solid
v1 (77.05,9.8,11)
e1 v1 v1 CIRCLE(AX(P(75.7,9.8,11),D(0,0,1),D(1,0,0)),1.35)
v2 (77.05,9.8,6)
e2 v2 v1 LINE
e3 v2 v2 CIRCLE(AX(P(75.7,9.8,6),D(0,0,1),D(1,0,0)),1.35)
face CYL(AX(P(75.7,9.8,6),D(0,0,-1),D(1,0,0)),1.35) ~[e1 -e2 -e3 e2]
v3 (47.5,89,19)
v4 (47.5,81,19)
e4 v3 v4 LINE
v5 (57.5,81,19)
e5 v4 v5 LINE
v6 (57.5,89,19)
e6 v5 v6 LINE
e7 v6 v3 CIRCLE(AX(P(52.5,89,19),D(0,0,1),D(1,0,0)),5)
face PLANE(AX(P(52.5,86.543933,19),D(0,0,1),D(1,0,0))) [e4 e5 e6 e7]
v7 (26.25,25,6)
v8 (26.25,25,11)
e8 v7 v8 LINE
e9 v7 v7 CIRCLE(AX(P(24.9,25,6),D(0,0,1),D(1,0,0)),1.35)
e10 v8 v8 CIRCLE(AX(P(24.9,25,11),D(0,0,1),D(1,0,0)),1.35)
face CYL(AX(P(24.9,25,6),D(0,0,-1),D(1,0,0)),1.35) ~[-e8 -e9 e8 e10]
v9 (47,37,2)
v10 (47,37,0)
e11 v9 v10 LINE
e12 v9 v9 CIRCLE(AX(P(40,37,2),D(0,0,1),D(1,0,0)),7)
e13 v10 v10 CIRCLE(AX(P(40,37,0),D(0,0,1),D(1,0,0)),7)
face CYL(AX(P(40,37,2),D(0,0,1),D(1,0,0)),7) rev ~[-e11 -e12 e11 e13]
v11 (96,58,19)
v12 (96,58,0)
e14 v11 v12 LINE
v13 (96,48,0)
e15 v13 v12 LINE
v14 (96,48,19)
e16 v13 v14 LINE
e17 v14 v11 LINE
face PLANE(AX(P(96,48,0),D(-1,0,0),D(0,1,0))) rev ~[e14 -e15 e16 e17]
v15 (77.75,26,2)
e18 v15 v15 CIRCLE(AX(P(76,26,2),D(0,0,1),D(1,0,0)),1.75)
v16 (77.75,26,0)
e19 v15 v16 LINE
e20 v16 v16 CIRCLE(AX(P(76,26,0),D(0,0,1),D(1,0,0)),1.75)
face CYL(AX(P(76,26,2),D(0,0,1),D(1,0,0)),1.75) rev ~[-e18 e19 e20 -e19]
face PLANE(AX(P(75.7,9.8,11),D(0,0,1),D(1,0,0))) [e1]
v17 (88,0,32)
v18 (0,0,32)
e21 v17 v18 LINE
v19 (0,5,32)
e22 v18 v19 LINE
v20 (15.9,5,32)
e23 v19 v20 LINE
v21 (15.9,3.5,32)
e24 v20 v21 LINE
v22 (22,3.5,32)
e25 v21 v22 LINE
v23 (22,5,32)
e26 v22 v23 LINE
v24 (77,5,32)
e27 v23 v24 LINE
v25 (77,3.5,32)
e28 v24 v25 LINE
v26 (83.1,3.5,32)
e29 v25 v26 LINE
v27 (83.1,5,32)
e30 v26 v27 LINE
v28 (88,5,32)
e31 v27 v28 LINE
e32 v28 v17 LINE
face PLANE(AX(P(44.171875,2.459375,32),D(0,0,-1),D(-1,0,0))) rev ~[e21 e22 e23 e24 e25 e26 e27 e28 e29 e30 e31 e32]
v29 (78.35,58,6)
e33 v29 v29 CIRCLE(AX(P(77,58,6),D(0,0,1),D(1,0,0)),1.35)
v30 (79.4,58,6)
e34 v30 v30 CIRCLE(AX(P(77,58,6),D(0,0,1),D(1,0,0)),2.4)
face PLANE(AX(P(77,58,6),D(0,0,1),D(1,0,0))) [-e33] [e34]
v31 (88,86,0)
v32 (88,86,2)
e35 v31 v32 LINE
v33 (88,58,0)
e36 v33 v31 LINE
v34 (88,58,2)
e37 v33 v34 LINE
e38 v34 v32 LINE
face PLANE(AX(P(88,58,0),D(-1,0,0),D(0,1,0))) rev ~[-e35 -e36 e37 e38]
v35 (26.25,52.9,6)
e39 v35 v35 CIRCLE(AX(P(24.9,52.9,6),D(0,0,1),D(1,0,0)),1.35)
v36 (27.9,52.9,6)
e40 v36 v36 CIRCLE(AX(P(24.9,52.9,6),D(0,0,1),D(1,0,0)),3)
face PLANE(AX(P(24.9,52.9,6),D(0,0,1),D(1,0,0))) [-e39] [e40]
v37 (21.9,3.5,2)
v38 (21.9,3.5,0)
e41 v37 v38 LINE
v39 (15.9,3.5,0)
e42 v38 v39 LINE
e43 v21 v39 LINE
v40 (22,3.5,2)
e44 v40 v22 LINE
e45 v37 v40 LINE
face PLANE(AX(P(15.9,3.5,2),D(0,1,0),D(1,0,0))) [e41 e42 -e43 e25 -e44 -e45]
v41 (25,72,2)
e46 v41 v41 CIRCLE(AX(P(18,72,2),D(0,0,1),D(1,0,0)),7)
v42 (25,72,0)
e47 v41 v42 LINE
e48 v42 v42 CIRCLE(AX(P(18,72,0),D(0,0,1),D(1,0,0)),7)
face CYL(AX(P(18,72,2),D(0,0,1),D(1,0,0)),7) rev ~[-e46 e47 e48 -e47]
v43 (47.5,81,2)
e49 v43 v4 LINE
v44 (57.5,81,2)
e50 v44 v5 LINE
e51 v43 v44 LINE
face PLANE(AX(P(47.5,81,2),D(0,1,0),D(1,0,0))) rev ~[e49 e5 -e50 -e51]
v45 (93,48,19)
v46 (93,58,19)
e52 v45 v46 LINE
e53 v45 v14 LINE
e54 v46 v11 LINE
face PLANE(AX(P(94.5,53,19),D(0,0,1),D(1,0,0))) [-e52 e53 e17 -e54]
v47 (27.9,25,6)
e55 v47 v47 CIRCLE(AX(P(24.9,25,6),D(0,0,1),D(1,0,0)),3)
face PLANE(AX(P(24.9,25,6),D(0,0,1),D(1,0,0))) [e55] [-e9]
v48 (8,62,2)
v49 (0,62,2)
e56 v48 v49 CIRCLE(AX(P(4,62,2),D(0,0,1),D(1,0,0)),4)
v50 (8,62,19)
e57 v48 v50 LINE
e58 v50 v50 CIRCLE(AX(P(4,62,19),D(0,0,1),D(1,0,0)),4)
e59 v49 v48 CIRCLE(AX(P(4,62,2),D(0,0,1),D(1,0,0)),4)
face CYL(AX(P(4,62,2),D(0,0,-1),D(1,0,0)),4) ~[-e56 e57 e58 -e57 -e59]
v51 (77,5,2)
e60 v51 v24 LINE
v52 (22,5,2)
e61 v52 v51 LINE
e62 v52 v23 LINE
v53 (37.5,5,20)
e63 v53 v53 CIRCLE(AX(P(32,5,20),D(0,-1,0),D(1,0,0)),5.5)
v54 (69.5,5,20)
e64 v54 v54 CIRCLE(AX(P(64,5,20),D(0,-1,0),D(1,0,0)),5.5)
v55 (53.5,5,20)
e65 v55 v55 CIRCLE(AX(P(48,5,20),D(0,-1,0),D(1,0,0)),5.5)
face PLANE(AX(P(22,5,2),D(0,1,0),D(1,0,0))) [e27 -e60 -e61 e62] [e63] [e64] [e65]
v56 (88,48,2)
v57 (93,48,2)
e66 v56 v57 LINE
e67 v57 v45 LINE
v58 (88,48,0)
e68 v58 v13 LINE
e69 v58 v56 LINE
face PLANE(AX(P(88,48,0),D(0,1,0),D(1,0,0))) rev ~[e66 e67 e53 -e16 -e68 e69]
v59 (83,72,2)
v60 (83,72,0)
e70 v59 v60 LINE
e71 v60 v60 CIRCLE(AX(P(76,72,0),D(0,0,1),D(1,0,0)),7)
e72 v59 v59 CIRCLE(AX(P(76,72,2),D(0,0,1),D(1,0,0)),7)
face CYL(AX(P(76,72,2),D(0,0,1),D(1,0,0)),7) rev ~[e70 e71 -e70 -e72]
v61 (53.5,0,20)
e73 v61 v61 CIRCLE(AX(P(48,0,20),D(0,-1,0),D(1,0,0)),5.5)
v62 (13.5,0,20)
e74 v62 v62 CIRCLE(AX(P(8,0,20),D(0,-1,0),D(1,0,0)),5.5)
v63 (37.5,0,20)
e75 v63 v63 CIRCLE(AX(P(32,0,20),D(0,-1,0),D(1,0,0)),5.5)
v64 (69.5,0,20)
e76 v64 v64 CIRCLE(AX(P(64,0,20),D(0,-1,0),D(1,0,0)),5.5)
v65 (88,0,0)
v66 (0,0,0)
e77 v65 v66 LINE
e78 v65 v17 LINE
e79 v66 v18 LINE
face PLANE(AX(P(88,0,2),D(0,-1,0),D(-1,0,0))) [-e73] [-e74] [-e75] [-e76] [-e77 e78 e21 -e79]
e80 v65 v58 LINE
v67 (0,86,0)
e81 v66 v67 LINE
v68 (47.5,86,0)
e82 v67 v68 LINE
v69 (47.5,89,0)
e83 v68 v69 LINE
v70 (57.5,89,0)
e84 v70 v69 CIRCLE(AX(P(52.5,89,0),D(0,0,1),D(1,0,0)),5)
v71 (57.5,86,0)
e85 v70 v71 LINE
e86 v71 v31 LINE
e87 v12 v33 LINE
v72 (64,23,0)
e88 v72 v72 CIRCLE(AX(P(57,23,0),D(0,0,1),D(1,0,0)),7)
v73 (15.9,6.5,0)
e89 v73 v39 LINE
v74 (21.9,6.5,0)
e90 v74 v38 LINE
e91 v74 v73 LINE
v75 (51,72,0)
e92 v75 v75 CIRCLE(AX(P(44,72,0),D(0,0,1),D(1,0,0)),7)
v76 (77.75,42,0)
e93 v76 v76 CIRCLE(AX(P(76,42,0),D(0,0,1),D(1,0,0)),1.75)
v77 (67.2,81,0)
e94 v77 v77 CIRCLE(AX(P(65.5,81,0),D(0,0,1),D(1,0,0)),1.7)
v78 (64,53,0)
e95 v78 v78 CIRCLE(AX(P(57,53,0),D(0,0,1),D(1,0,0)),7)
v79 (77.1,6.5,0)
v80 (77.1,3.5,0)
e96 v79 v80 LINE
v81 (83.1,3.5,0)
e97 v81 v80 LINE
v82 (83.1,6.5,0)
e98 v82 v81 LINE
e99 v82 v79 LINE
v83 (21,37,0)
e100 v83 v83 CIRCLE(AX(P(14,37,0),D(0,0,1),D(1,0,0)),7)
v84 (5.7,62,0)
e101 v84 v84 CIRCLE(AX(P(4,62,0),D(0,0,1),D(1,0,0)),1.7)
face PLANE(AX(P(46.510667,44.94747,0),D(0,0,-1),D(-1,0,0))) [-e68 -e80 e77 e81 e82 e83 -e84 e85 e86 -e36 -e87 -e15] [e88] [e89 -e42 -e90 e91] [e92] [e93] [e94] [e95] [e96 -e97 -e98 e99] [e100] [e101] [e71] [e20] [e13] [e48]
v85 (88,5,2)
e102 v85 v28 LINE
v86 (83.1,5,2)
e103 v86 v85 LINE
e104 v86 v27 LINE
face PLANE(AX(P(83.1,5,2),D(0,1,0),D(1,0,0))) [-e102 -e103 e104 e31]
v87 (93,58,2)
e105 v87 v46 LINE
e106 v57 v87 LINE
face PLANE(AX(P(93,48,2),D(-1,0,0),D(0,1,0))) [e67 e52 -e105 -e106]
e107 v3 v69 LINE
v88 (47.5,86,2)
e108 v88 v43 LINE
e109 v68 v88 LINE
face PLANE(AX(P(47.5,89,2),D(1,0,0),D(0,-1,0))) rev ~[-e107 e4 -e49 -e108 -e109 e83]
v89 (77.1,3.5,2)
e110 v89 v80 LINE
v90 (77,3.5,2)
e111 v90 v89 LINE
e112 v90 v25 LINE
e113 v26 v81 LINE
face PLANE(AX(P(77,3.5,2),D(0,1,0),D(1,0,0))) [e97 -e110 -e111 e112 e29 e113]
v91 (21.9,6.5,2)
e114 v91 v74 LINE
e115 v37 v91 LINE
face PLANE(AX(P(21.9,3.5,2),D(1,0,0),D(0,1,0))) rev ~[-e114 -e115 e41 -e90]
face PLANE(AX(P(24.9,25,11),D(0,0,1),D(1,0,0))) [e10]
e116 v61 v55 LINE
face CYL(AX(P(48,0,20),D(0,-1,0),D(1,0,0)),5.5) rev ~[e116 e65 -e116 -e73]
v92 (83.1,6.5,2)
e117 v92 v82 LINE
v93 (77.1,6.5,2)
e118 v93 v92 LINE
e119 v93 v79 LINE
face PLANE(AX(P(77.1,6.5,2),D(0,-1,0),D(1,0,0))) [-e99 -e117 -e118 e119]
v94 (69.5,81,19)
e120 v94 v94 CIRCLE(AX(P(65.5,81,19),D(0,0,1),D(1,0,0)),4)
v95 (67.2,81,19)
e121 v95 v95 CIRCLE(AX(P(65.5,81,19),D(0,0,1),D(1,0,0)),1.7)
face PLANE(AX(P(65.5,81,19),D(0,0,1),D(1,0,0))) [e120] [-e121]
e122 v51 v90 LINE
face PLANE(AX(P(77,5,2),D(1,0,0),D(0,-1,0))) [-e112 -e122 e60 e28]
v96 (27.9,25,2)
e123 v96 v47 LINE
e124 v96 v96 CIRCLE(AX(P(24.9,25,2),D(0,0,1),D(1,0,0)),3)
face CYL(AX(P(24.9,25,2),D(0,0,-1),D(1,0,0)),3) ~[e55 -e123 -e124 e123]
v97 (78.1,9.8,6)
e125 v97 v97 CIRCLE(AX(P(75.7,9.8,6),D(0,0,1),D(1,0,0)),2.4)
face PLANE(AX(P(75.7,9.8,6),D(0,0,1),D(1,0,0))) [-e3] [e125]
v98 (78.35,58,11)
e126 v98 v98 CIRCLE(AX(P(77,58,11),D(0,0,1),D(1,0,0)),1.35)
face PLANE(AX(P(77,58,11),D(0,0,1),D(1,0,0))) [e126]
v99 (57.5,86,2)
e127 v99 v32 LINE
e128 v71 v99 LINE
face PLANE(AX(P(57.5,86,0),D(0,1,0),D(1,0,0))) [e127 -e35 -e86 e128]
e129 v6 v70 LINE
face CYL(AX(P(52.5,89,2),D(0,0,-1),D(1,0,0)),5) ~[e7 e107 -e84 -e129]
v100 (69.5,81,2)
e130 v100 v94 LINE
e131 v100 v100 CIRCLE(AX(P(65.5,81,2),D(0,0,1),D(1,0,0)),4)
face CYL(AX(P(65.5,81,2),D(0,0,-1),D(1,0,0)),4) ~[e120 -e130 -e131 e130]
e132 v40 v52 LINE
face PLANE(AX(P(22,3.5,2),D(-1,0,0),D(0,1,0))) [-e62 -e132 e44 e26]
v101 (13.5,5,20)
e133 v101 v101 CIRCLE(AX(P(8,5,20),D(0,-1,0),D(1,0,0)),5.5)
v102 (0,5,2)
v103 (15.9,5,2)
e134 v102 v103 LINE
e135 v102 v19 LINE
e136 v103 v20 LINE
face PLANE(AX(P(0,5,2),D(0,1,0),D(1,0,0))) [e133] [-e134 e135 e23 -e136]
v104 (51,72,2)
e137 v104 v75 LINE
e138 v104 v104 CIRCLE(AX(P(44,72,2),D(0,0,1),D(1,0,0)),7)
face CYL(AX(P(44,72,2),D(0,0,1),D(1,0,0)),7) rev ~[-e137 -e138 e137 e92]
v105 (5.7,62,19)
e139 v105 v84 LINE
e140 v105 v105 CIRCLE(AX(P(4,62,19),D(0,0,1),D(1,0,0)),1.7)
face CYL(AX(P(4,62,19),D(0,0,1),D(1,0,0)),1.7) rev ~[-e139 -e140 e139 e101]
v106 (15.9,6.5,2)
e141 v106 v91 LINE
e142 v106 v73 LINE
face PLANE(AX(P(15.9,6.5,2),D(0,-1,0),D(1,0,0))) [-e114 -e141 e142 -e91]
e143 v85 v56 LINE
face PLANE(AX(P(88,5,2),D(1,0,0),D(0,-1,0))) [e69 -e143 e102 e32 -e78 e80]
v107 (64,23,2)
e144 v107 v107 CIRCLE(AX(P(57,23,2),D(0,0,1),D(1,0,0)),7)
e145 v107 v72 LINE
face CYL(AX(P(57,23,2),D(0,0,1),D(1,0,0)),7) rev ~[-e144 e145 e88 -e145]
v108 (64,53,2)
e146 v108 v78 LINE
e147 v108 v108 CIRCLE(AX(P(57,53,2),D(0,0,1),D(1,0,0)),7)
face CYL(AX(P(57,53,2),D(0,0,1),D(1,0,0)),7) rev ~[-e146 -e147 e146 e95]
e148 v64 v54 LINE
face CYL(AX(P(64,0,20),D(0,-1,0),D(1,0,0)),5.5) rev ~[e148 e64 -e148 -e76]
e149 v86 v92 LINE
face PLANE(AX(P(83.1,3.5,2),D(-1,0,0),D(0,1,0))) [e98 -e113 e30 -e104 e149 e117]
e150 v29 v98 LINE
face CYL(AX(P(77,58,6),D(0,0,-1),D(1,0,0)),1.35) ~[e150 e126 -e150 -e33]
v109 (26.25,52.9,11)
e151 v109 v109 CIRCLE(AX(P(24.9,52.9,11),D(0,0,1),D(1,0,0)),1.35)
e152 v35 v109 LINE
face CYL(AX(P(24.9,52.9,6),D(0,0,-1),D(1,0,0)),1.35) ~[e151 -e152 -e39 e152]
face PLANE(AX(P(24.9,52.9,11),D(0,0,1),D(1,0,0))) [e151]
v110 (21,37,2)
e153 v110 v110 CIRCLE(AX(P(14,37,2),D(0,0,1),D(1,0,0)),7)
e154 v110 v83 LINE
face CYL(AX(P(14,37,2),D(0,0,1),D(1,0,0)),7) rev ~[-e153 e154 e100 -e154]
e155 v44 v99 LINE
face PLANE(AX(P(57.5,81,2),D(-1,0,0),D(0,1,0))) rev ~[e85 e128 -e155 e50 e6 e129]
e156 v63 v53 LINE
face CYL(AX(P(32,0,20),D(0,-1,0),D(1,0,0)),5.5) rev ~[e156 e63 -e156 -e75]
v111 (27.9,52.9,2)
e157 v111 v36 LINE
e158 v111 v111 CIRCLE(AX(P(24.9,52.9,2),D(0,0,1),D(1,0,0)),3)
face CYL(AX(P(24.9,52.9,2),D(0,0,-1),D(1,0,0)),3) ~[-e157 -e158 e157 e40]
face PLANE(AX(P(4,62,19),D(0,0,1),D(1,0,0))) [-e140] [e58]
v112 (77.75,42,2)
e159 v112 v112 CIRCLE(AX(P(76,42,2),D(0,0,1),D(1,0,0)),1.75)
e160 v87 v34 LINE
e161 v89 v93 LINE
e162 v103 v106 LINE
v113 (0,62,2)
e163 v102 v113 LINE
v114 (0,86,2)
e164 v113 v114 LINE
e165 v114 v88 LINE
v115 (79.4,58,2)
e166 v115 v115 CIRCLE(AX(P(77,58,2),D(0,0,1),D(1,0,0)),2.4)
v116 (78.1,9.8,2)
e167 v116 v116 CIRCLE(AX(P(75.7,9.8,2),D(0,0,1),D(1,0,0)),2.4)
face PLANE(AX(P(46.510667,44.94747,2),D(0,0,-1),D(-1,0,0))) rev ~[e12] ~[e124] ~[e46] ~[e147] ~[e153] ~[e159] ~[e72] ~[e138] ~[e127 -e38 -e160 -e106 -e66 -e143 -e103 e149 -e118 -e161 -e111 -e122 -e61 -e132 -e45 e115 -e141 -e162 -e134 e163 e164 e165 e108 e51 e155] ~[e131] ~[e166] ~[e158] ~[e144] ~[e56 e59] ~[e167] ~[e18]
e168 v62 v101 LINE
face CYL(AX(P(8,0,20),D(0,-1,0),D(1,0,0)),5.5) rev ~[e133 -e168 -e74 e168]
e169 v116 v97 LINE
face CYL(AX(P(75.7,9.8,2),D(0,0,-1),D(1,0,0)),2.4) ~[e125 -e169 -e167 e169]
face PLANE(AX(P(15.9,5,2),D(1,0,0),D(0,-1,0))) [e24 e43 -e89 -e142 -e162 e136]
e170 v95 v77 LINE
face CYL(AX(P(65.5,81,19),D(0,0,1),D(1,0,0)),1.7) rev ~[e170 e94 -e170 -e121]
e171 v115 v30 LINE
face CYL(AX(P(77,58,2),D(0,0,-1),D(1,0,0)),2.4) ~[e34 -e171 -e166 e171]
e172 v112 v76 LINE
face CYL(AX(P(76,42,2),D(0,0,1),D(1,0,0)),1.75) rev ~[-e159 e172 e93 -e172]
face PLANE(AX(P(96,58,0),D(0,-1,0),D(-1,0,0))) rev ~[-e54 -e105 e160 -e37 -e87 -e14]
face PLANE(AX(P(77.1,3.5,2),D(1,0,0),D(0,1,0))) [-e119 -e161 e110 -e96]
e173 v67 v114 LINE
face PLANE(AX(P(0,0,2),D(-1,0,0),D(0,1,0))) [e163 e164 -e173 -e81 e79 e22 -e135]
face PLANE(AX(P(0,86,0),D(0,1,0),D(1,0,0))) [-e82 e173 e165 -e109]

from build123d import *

# Parameters (mm, degrees)
PAD_DEPTH       = 2
SKETCH003_R     = 1.75
SKETCH003_R_2   = 7
SKETCH003_W     = 6
SKETCH003_H     = 3
POCKET_DEPTH    = 5
SKETCH001_R     = 4
SKETCH001_W     = 3
SKETCH001_H     = 10
PAD001_DEPTH    = 17
SKETCH007_R     = 2.4
SKETCH007_R_2   = 3
PAD002_DEPTH    = 4
PAD003_DEPTH    = 30
SKETCH008_R     = 1.35
PAD004_DEPTH    = 5
SKETCH004_R     = 1.7
POCKET001_DEPTH = 19
SKETCH006_R     = 5.5
POCKET002_DEPTH = 5


with BuildPart() as part:
    # Sketch → Pad (new body)
    with BuildSketch(Plane.XY):
        with BuildLine():
            Line((0, 0), (0, 86))
            Line((0, 86), (47.5, 86))
            Line((47.5, 86), (47.5, 89))
            ThreePointArc((57.5, 89), (52.5, 94), (47.5, 89))
            Line((57.5, 89), (57.5, 86))
            Line((57.5, 86), (88, 86))
            Line((88, 58), (88, 86))
            Line((96, 58), (88, 58))
            Line((96, 48), (96, 58))
            Line((88, 48), (96, 48))
            Line((88, 0), (88, 48))
            Line((88, 0), (0, 0))
        make_face()
    extrude(amount=PAD_DEPTH)

    # Sketch003 → Pocket (cut)
    with BuildSketch(Plane.XY.offset(2)):
        with Locations((76, 42)):
            Circle(SKETCH003_R)
        with Locations((76, 26)):
            Circle(SKETCH003_R)
        with Locations((14, 37)):
            Circle(SKETCH003_R_2)
        with Locations((40, 37)):
            Circle(SKETCH003_R_2)
        with Locations((76, 72)):
            Circle(SKETCH003_R_2)
        with Locations((44, 72)):
            Circle(SKETCH003_R_2)
        with Locations((18, 72)):
            Circle(SKETCH003_R_2)
        with Locations((57, 53)):
            Circle(SKETCH003_R_2)
        with Locations((57, 23)):
            Circle(SKETCH003_R_2)
        with Locations((80.1, 5)):
            Rectangle(SKETCH003_W, SKETCH003_H)
        with Locations((18.9, 5)):
            Rectangle(SKETCH003_W, SKETCH003_H)
    extrude(amount=-POCKET_DEPTH, mode=Mode.SUBTRACT)

    # Sketch001 → Pad001 (new body)
    with BuildSketch(Plane.XY.offset(2)):
        with BuildLine():
            Line((47.5, 89), (47.5, 81))
            Line((47.5, 81), (57.5, 81))
            Line((57.5, 81), (57.5, 89))
            ThreePointArc((57.5, 89), (52.5, 94), (47.5, 89))
        make_face()
        with Locations((4, 62)):
            Circle(SKETCH001_R)
        with Locations((94.5, 53)):
            Rectangle(SKETCH001_W, SKETCH001_H)
        with Locations((65.5, 81)):
            Circle(SKETCH001_R)
    extrude(amount=PAD001_DEPTH)

    # Sketch007 → Pad002 (new body)
    with BuildSketch(Plane.XY.offset(2)):
        with Locations((77, 58)):
            Circle(SKETCH007_R)
        with Locations((24.9, 52.9)):
            Circle(SKETCH007_R_2)
        with Locations((24.9, 25)):
            Circle(SKETCH007_R_2)
        with Locations((75.7, 9.8)):
            Circle(SKETCH007_R)
    extrude(amount=PAD002_DEPTH)

    # Sketch005 → Pad003 (new body)
    with BuildSketch(Plane.XY.offset(2)):
        Polygon((0, 0), (0, 5), (15.9, 5), (15.9, 3.5), (22, 3.5), (22, 5), (77, 5), (77, 3.5), (83.1, 3.5), (83.1, 5), (88, 5), (88, 0), align=None)
    extrude(amount=PAD003_DEPTH)

    # Sketch008 → Pad004 (new body)
    with BuildSketch(Plane.XY.offset(6)):
        with Locations((24.9, 52.9)):
            Circle(SKETCH008_R)
        with Locations((77, 58)):
            Circle(SKETCH008_R)
        with Locations((24.9, 25)):
            Circle(SKETCH008_R)
        with Locations((75.7, 9.8)):
            Circle(SKETCH008_R)
    extrude(amount=PAD004_DEPTH)

    # Sketch004 → Pocket001 (cut)
    with BuildSketch(Plane.XY.offset(19)):
        with Locations((4, 62)):
            Circle(SKETCH004_R)
        with Locations((65.5, 81)):
            Circle(SKETCH004_R)
    extrude(amount=-POCKET001_DEPTH, mode=Mode.SUBTRACT)

    # Sketch006 → Pocket002 (cut)
    with BuildSketch(Plane.XZ):
        with Locations((8, 20)):
            Circle(SKETCH006_R)
        with Locations((32, 20)):
            Circle(SKETCH006_R)
        with Locations((48, 20)):
            Circle(SKETCH006_R)
        with Locations((64, 20)):
            Circle(SKETCH006_R)
    extrude(amount=-POCKET002_DEPTH, mode=Mode.SUBTRACT)


solid = part.part
